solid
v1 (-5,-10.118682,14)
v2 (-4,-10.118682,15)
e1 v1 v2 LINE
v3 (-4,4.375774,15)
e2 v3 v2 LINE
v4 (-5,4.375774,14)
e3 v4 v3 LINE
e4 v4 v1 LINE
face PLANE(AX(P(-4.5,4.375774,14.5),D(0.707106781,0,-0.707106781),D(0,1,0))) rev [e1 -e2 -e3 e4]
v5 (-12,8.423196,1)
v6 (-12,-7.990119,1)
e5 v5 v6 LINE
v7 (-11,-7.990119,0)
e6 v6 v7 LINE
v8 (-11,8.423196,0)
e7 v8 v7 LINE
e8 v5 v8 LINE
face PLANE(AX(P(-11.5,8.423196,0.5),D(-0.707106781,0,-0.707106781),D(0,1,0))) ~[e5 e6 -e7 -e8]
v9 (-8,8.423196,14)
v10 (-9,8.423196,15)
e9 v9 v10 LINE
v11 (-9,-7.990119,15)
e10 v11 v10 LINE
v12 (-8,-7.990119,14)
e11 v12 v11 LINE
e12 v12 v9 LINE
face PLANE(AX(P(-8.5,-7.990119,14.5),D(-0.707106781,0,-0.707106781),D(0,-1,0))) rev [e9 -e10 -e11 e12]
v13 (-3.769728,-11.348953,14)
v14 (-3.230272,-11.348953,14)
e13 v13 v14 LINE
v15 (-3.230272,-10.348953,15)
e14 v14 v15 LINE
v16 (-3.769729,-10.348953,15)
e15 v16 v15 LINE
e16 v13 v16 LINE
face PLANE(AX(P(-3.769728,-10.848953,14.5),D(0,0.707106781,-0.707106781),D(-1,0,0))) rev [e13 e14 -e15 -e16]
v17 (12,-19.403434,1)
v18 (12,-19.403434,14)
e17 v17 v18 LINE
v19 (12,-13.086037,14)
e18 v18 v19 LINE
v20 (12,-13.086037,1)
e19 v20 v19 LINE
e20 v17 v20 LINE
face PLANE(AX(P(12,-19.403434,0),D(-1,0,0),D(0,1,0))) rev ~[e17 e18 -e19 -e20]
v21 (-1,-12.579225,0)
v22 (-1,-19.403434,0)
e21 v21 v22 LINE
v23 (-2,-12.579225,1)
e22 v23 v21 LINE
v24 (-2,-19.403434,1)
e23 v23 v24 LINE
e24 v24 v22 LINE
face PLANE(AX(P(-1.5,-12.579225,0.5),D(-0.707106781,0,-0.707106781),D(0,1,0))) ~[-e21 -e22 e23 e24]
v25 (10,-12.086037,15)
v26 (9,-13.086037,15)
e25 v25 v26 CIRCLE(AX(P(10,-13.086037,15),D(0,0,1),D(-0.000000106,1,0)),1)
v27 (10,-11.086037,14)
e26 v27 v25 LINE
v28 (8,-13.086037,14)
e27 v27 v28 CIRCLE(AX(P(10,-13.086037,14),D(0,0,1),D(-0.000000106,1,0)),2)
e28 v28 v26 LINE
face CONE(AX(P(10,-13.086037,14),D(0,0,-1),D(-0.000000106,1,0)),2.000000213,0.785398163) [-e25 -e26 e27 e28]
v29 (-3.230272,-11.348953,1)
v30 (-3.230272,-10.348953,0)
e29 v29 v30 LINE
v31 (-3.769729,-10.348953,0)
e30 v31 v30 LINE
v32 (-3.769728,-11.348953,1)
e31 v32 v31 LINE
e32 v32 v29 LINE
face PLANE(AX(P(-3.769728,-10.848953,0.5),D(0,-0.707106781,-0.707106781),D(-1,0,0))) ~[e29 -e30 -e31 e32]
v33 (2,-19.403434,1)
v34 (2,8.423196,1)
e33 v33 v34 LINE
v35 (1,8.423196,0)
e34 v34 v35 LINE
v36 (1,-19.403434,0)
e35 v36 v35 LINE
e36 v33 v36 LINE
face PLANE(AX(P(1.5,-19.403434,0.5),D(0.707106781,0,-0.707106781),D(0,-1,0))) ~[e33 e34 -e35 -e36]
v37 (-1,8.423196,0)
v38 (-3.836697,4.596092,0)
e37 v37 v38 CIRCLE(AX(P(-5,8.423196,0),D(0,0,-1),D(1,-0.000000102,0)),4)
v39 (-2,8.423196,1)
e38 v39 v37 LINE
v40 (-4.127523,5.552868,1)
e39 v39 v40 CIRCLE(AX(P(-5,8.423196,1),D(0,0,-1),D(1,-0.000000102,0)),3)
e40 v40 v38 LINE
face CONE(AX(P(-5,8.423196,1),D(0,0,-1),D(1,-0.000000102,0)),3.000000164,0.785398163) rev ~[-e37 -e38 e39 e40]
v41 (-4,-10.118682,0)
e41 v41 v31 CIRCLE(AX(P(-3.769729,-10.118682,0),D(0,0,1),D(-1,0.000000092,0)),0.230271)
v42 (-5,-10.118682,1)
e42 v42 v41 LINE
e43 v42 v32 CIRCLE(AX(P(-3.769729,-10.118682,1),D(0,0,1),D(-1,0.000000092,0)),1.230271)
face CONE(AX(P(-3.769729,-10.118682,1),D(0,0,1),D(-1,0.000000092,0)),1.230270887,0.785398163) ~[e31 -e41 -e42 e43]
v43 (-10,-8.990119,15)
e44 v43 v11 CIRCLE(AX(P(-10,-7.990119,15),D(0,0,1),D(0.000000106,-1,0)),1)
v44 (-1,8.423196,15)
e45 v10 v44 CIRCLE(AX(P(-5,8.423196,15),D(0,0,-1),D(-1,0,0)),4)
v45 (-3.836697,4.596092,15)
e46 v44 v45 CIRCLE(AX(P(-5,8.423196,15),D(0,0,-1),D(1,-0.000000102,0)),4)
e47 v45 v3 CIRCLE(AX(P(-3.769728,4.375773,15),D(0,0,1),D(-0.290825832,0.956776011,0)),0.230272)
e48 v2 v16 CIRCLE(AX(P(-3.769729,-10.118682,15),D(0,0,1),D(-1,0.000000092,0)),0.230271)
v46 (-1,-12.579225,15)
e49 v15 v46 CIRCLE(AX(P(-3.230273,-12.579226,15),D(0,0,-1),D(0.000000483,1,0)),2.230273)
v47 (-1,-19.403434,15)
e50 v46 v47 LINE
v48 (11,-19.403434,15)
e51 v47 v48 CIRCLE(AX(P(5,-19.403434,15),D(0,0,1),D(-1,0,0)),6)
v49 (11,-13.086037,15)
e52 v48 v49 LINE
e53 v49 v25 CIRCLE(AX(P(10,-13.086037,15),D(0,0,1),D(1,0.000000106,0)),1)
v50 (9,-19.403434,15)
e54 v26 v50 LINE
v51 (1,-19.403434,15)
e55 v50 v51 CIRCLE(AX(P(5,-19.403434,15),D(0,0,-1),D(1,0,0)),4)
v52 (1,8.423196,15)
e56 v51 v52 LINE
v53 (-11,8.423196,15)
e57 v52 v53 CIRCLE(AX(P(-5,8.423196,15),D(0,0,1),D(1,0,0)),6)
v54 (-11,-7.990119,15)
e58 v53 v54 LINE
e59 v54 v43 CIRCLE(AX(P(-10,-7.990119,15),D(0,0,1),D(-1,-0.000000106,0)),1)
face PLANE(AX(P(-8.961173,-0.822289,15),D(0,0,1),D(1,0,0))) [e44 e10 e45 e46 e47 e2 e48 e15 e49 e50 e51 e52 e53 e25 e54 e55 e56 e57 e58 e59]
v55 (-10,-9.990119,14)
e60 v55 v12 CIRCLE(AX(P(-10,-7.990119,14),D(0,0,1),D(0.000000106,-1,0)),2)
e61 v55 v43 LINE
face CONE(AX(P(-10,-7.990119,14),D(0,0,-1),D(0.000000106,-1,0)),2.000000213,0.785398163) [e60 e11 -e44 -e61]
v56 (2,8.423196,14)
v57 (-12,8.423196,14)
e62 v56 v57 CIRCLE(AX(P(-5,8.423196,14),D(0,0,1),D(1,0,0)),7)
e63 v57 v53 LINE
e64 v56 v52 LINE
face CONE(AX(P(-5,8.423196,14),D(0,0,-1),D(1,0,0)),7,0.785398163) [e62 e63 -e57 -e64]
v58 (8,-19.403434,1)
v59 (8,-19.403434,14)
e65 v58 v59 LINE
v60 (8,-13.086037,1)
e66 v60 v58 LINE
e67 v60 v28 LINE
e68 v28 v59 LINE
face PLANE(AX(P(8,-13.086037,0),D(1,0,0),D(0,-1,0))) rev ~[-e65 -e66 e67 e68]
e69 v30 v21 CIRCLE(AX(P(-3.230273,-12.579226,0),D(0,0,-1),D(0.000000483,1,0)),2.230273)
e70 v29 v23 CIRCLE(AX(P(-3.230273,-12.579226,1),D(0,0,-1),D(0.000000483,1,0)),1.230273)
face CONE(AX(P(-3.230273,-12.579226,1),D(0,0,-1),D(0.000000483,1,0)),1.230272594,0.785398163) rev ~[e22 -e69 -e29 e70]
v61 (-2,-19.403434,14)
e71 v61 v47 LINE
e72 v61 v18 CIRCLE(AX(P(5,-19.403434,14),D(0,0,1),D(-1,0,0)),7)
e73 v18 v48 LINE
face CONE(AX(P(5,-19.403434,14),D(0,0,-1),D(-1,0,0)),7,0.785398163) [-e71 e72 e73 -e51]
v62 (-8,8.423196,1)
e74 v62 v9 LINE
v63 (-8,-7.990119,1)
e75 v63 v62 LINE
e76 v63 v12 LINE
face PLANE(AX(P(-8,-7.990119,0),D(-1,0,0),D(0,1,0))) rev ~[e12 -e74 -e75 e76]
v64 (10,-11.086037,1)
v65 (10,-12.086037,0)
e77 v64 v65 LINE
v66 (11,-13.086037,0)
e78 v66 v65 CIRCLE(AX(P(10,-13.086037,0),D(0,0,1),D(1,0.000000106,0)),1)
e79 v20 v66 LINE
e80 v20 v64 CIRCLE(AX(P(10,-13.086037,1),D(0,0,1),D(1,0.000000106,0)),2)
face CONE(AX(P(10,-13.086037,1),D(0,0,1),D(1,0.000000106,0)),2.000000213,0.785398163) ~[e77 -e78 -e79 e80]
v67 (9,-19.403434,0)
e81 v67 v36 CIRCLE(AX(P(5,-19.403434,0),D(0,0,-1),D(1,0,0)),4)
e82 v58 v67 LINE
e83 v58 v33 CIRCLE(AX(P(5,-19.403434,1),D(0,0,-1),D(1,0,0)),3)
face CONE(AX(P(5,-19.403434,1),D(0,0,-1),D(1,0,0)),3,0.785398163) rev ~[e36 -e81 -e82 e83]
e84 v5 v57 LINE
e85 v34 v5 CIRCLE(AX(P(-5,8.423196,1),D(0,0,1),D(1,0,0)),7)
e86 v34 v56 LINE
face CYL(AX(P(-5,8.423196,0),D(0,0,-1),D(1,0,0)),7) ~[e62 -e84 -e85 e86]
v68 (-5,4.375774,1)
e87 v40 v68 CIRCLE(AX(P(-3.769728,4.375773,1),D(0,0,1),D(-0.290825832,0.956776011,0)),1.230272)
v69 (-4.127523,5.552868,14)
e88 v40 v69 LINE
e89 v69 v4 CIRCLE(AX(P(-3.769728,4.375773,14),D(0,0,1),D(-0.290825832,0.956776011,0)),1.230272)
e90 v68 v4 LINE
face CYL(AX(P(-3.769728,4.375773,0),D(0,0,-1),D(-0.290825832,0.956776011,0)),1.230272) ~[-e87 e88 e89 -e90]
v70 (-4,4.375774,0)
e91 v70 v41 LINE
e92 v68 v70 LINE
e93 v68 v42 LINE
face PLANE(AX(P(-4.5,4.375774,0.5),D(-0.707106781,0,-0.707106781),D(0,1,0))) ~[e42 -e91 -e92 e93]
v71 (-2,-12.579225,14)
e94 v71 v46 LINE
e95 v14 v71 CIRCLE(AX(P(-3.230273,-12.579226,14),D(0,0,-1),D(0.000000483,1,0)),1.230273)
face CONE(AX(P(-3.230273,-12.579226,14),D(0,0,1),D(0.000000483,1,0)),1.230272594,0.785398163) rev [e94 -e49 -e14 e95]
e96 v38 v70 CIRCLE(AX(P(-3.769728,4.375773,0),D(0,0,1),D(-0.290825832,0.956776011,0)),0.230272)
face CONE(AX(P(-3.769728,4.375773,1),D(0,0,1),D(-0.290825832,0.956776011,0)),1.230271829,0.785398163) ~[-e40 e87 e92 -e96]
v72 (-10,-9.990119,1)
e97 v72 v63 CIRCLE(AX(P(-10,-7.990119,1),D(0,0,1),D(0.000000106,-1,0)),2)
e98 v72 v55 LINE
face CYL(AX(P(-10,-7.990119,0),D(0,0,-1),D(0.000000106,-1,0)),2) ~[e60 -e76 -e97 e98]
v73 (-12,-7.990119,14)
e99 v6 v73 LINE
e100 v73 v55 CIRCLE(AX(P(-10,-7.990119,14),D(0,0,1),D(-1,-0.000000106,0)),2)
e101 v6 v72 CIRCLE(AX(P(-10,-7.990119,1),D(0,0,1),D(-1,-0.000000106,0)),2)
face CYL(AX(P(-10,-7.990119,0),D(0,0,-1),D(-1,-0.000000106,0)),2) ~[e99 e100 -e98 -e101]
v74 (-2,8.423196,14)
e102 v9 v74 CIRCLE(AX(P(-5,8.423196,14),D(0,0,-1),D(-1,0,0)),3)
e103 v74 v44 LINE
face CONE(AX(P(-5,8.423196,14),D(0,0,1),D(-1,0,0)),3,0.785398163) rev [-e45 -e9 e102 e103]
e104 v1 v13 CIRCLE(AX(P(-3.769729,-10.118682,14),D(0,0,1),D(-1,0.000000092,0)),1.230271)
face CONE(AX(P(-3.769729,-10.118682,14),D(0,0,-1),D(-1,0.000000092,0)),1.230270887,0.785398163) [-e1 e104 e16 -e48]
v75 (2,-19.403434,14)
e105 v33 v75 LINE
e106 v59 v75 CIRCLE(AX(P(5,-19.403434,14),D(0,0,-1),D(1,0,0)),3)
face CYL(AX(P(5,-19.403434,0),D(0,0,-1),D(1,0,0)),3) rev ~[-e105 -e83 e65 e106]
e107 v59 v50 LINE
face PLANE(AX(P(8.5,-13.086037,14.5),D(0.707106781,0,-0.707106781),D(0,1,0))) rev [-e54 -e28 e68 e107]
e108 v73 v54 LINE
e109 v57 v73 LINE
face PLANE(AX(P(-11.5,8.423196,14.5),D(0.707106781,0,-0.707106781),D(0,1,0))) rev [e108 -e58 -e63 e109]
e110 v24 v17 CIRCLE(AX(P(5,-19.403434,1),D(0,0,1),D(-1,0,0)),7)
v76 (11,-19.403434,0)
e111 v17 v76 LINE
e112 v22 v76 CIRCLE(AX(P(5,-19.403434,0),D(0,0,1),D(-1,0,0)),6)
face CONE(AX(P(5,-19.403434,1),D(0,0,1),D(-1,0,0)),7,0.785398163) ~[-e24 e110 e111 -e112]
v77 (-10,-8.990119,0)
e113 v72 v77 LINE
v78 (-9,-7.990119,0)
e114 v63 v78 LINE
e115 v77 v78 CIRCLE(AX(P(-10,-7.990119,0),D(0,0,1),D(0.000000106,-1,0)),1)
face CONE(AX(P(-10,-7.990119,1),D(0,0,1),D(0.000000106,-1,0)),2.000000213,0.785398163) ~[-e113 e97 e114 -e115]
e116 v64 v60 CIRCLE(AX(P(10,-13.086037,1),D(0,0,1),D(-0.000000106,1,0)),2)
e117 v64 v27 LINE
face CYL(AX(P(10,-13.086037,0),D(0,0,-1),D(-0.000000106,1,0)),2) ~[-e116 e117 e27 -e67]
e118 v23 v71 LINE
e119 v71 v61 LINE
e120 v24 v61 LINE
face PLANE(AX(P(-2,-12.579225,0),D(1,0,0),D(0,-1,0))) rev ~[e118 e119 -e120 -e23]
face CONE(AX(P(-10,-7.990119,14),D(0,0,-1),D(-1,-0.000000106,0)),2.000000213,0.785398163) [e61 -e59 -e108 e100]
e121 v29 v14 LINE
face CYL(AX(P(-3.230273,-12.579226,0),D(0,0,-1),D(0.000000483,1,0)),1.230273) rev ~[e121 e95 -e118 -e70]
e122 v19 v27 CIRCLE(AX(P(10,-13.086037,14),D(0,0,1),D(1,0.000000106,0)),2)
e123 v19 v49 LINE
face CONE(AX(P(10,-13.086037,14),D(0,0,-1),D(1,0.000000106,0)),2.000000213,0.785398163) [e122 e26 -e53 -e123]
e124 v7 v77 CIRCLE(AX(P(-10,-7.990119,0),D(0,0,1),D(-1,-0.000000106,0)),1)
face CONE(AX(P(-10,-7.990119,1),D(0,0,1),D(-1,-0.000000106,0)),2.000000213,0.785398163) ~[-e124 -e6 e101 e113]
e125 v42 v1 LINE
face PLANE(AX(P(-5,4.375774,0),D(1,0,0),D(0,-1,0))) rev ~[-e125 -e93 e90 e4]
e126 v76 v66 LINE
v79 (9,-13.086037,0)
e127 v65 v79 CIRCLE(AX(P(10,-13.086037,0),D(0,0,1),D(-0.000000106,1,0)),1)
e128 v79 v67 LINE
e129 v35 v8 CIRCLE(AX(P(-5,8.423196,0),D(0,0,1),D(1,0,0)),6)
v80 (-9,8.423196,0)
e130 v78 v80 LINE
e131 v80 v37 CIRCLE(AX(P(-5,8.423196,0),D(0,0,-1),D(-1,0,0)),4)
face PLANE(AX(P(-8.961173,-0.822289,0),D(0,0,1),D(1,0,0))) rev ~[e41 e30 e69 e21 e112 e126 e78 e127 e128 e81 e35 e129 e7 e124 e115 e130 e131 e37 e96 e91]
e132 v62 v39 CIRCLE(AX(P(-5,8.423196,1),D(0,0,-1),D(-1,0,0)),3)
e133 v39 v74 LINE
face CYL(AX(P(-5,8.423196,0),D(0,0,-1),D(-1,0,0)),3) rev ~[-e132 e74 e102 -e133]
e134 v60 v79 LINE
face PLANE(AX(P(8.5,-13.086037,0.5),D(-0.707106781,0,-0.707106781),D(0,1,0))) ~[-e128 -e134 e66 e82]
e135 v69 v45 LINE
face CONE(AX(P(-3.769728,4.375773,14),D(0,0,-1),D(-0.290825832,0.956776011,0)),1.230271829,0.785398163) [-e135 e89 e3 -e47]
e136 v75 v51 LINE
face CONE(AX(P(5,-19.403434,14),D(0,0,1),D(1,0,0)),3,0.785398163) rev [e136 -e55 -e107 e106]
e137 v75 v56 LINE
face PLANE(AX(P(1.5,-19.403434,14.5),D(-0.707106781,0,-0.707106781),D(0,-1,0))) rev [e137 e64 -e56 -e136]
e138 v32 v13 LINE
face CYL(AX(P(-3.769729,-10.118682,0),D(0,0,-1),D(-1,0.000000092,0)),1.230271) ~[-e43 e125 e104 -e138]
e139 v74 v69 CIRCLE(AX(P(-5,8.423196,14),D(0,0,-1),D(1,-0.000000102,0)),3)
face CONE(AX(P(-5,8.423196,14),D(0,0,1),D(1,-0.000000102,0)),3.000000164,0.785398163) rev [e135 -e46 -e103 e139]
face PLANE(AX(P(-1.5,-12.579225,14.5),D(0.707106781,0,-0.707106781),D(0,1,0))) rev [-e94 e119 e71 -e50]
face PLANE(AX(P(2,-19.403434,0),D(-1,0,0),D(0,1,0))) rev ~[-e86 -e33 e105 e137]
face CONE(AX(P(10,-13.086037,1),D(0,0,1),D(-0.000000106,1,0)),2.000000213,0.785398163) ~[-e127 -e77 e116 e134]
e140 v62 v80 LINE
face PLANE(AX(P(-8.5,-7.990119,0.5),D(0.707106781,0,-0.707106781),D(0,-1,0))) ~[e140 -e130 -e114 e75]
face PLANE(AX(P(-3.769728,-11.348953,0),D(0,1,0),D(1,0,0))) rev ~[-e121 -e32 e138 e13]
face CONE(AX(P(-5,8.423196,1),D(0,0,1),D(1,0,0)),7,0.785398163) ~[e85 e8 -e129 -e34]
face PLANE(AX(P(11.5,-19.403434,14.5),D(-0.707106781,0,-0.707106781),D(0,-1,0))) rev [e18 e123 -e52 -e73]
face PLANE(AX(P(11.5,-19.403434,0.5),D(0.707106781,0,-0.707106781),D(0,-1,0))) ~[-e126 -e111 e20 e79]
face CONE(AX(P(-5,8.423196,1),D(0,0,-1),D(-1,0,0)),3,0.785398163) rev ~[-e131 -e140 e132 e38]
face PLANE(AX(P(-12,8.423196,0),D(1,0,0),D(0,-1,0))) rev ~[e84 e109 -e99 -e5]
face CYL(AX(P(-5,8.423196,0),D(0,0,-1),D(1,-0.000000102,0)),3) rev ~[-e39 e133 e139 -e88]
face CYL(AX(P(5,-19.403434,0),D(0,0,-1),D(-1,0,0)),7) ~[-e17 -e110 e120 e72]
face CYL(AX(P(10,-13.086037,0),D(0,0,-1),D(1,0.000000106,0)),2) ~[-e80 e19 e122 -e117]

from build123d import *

# Parameters (mm, degrees)
F1_DEPTH = 15
F2_SIZE  = 1


with BuildPart() as f1:
    # F0 (on Top) → F1 (new body)
    with BuildSketch(Plane.XY):
        with BuildLine():
            ThreePointArc((-8, 8.423196), (-8.585786, 7.008983), (-10, 6.423196))
            Line((-10, 6.423196), (-10, -7.990119))
            Line((-10, -7.990119), (-10, -9.990119))
            ThreePointArc((-10, -9.990119), (-8.585786, -9.404332), (-8, -7.990119))
            Line((-8, -7.990119), (-8, 8.423196))
        make_face()
        with BuildLine():
            Line((-10, -7.990119), (-10, 6.423196))
            ThreePointArc((-10, 6.423196), (-11.414214, 7.008983), (-12, 8.423196))
            Line((-12, 8.423196), (-12, -7.990119))
            ThreePointArc((-12, -7.990119), (-11.414214, -9.404332), (-10, -9.990119))
            Line((-10, -9.990119), (-10, -7.990119))
        make_face()
        with BuildLine():
            Line((-10, 6.423196), (-10, 8.423196))
            ThreePointArc((-10, 8.423196), (-9.898979, 9.423196), (-9.6, 10.382788))
            ThreePointArc((-9.6, 10.382788), (-11.264911, 9.97239), (-12, 8.423196))
            ThreePointArc((-12, 8.423196), (-11.414214, 7.008983), (-10, 6.423196))
        make_face()
        with BuildLine():
            ThreePointArc((-9.6, 10.382788), (-9.898979, 9.423196), (-10, 8.423196))
            Line((-10, 8.423196), (-10, 6.423196))
            ThreePointArc((-10, 6.423196), (-8.585786, 7.008983), (-8, 8.423196))
            ThreePointArc((-8, 8.423196), (-8.450807, 9.688108), (-9.6, 10.382788))
        make_face()
        with BuildLine():
            ThreePointArc((-0.4, 10.382788), (-5, 13.423196), (-9.6, 10.382788))
            ThreePointArc((-9.6, 10.382788), (-8.450807, 9.688108), (-8, 8.423196))
            ThreePointArc((-8, 8.423196), (-5, 11.423196), (-2, 8.423196))
            ThreePointArc((-2, 8.423196), (-1.549193, 9.688108), (-0.4, 10.382788))
        make_face()
        with BuildLine():
            ThreePointArc((-12, 8.423196), (-11.264911, 9.97239), (-9.6, 10.382788))
            ThreePointArc((-9.6, 10.382788), (-5, 13.423196), (-0.4, 10.382788))
            ThreePointArc((-0.4, 10.382788), (1.264911, 9.97239), (2, 8.423196))
            ThreePointArc((2, 8.423196), (-5, 15.423196), (-12, 8.423196))
        make_face()
        with BuildLine():
            ThreePointArc((2, 8.423196), (1.264911, 9.97239), (-0.4, 10.382788))
            ThreePointArc((-0.4, 10.382788), (-0.101021, 9.423196), (0, 8.423196))
            Line((0, 8.423196), (0, 6.423196))
            ThreePointArc((0, 6.423196), (1.414214, 7.008983), (2, 8.423196))
        make_face()
        with BuildLine():
            ThreePointArc((0, 8.423196), (-0.101021, 9.423196), (-0.4, 10.382788))
            ThreePointArc((-0.4, 10.382788), (-1.549193, 9.688108), (-2, 8.423196))
            ThreePointArc((-2, 8.423196), (-1.414214, 7.008983), (0, 6.423196))
            Line((0, 6.423196), (0, 8.423196))
        make_face()
        with BuildLine():
            ThreePointArc((0, 6.423196), (-1.414214, 7.008983), (-2, 8.423196))
            ThreePointArc((-2, 8.423196), (-2.589872, 6.63678), (-4.127523, 5.552868))
            ThreePointArc((-4.127523, 5.552868), (-4.758099, 5.108366), (-5, 4.375774))
            Line((-5, 4.375774), (-5, -10.118682))
            ThreePointArc((-5, -10.118682), (-4.639662, -10.988615), (-3.769728, -11.348953))
            Line((-3.769728, -11.348953), (-3.230272, -11.348953))
            ThreePointArc((-3.230272, -11.348953), (-2.360338, -11.709292), (-2, -12.579225))
            Line((-2, -12.579225), (-2, -19.403434))
            ThreePointArc((-2, -19.403434), (-1.414214, -17.98922), (0, -17.403434))
            Line((0, -17.403434), (0, 6.423196))
        make_face()
        with BuildLine():
            Line((2, -19.403434), (2, 8.423196))
            ThreePointArc((2, 8.423196), (1.414214, 7.008983), (0, 6.423196))
            Line((0, 6.423196), (0, -17.403434))
            ThreePointArc((0, -17.403434), (1.414214, -17.98922), (2, -19.403434))
        make_face()
        with BuildLine():
            ThreePointArc((0.4, -21.363025), (1.549193, -20.668345), (2, -19.403434))
            ThreePointArc((2, -19.403434), (1.414214, -17.98922), (0, -17.403434))
            Line((0, -17.403434), (0, -19.403434))
            ThreePointArc((0, -19.403434), (0.101021, -20.403434), (0.4, -21.363025))
        make_face()
        with BuildLine():
            Line((0, -19.403434), (0, -17.403434))
            ThreePointArc((0, -17.403434), (-1.414214, -17.98922), (-2, -19.403434))
            ThreePointArc((-2, -19.403434), (-1.264911, -20.952627), (0.4, -21.363025))
            ThreePointArc((0.4, -21.363025), (0.101021, -20.403434), (0, -19.403434))
        make_face()
        with BuildLine():
            ThreePointArc((9.6, -21.363025), (5, -24.403434), (0.4, -21.363025))
            ThreePointArc((0.4, -21.363025), (-1.264911, -20.952627), (-2, -19.403434))
            ThreePointArc((-2, -19.403434), (5, -26.403434), (12, -19.403434))
            ThreePointArc((12, -19.403434), (11.264911, -20.952627), (9.6, -21.363025))
        make_face()
        with BuildLine():
            ThreePointArc((8, -19.403434), (5, -22.403434), (2, -19.403434))
            ThreePointArc((2, -19.403434), (1.549193, -20.668345), (0.4, -21.363025))
            ThreePointArc((0.4, -21.363025), (5, -24.403434), (9.6, -21.363025))
            ThreePointArc((9.6, -21.363025), (8.450807, -20.668345), (8, -19.403434))
        make_face()
        with BuildLine():
            ThreePointArc((10, -17.403434), (8.585786, -17.98922), (8, -19.403434))
            ThreePointArc((8, -19.403434), (8.450807, -20.668345), (9.6, -21.363025))
            ThreePointArc((9.6, -21.363025), (9.898979, -20.403434), (10, -19.403434))
            Line((10, -19.403434), (10, -17.403434))
        make_face()
        with BuildLine():
            ThreePointArc((10, -19.403434), (9.898979, -20.403434), (9.6, -21.363025))
            ThreePointArc((9.6, -21.363025), (11.264911, -20.952627), (12, -19.403434))
            ThreePointArc((12, -19.403434), (11.414214, -17.98922), (10, -17.403434))
            Line((10, -17.403434), (10, -19.403434))
        make_face()
        with BuildLine():
            Line((10, -13.086037), (10, -17.403434))
            ThreePointArc((10, -17.403434), (11.414214, -17.98922), (12, -19.403434))
            Line((12, -19.403434), (12, -13.086037))
            ThreePointArc((12, -13.086037), (11.414214, -11.671824), (10, -11.086037))
            Line((10, -11.086037), (10, -13.086037))
        make_face()
        with BuildLine():
            Line((8, -13.086037), (8, -19.403434))
            ThreePointArc((8, -19.403434), (8.585786, -17.98922), (10, -17.403434))
            Line((10, -17.403434), (10, -13.086037))
            Line((10, -13.086037), (10, -11.086037))
            ThreePointArc((10, -11.086037), (8.585786, -11.671824), (8, -13.086037))
        make_face()
    extrude(amount=F1_DEPTH)

    # F2
    f2_edges = [f1.edges().sort_by_distance(p)[0] for p in [
        (-5, 15.423196, 15),
        (-12, 0.216539, 15),
        (-10, -9.990119, 15),
        (-8, 0.216539, 15),
        (-3.213583, 10.833324, 15),
        (-4.758099, 5.108366, 15),
        (-5, -2.871454, 15),
        (-4.639662, -10.988615, 15),
        (-3.5, -11.348953, 15),
        (-2.360338, -11.709292, 15),
        (-2, -15.991329, 15),
        (5, -26.403434, 15),
        (12, -16.244735, 15),
        (10, -11.086037, 15),
        (8, -16.244735, 15),
        (5, -22.403434, 15),
        (2, -5.490119, 15),
        (-5, 15.423196, 0),
        (-12, 0.216539, 0),
        (-10, -9.990119, 0),
        (-8, 0.216539, 0),
        (-3.213583, 10.833324, 0),
        (-4.758099, 5.108366, 0),
        (-5, -2.871454, 0),
        (-4.639662, -10.988615, 0),
        (-3.5, -11.348953, 0),
        (-2.360338, -11.709292, 0),
        (-2, -15.991329, 0),
        (5, -26.403434, 0),
        (12, -16.244735, 0),
        (10, -11.086037, 0),
        (8, -16.244735, 0),
        (5, -22.403434, 0),
        (2, -5.490119, 0),
    ]]
    chamfer(f2_edges, length=F2_SIZE)


solid = f1.part
